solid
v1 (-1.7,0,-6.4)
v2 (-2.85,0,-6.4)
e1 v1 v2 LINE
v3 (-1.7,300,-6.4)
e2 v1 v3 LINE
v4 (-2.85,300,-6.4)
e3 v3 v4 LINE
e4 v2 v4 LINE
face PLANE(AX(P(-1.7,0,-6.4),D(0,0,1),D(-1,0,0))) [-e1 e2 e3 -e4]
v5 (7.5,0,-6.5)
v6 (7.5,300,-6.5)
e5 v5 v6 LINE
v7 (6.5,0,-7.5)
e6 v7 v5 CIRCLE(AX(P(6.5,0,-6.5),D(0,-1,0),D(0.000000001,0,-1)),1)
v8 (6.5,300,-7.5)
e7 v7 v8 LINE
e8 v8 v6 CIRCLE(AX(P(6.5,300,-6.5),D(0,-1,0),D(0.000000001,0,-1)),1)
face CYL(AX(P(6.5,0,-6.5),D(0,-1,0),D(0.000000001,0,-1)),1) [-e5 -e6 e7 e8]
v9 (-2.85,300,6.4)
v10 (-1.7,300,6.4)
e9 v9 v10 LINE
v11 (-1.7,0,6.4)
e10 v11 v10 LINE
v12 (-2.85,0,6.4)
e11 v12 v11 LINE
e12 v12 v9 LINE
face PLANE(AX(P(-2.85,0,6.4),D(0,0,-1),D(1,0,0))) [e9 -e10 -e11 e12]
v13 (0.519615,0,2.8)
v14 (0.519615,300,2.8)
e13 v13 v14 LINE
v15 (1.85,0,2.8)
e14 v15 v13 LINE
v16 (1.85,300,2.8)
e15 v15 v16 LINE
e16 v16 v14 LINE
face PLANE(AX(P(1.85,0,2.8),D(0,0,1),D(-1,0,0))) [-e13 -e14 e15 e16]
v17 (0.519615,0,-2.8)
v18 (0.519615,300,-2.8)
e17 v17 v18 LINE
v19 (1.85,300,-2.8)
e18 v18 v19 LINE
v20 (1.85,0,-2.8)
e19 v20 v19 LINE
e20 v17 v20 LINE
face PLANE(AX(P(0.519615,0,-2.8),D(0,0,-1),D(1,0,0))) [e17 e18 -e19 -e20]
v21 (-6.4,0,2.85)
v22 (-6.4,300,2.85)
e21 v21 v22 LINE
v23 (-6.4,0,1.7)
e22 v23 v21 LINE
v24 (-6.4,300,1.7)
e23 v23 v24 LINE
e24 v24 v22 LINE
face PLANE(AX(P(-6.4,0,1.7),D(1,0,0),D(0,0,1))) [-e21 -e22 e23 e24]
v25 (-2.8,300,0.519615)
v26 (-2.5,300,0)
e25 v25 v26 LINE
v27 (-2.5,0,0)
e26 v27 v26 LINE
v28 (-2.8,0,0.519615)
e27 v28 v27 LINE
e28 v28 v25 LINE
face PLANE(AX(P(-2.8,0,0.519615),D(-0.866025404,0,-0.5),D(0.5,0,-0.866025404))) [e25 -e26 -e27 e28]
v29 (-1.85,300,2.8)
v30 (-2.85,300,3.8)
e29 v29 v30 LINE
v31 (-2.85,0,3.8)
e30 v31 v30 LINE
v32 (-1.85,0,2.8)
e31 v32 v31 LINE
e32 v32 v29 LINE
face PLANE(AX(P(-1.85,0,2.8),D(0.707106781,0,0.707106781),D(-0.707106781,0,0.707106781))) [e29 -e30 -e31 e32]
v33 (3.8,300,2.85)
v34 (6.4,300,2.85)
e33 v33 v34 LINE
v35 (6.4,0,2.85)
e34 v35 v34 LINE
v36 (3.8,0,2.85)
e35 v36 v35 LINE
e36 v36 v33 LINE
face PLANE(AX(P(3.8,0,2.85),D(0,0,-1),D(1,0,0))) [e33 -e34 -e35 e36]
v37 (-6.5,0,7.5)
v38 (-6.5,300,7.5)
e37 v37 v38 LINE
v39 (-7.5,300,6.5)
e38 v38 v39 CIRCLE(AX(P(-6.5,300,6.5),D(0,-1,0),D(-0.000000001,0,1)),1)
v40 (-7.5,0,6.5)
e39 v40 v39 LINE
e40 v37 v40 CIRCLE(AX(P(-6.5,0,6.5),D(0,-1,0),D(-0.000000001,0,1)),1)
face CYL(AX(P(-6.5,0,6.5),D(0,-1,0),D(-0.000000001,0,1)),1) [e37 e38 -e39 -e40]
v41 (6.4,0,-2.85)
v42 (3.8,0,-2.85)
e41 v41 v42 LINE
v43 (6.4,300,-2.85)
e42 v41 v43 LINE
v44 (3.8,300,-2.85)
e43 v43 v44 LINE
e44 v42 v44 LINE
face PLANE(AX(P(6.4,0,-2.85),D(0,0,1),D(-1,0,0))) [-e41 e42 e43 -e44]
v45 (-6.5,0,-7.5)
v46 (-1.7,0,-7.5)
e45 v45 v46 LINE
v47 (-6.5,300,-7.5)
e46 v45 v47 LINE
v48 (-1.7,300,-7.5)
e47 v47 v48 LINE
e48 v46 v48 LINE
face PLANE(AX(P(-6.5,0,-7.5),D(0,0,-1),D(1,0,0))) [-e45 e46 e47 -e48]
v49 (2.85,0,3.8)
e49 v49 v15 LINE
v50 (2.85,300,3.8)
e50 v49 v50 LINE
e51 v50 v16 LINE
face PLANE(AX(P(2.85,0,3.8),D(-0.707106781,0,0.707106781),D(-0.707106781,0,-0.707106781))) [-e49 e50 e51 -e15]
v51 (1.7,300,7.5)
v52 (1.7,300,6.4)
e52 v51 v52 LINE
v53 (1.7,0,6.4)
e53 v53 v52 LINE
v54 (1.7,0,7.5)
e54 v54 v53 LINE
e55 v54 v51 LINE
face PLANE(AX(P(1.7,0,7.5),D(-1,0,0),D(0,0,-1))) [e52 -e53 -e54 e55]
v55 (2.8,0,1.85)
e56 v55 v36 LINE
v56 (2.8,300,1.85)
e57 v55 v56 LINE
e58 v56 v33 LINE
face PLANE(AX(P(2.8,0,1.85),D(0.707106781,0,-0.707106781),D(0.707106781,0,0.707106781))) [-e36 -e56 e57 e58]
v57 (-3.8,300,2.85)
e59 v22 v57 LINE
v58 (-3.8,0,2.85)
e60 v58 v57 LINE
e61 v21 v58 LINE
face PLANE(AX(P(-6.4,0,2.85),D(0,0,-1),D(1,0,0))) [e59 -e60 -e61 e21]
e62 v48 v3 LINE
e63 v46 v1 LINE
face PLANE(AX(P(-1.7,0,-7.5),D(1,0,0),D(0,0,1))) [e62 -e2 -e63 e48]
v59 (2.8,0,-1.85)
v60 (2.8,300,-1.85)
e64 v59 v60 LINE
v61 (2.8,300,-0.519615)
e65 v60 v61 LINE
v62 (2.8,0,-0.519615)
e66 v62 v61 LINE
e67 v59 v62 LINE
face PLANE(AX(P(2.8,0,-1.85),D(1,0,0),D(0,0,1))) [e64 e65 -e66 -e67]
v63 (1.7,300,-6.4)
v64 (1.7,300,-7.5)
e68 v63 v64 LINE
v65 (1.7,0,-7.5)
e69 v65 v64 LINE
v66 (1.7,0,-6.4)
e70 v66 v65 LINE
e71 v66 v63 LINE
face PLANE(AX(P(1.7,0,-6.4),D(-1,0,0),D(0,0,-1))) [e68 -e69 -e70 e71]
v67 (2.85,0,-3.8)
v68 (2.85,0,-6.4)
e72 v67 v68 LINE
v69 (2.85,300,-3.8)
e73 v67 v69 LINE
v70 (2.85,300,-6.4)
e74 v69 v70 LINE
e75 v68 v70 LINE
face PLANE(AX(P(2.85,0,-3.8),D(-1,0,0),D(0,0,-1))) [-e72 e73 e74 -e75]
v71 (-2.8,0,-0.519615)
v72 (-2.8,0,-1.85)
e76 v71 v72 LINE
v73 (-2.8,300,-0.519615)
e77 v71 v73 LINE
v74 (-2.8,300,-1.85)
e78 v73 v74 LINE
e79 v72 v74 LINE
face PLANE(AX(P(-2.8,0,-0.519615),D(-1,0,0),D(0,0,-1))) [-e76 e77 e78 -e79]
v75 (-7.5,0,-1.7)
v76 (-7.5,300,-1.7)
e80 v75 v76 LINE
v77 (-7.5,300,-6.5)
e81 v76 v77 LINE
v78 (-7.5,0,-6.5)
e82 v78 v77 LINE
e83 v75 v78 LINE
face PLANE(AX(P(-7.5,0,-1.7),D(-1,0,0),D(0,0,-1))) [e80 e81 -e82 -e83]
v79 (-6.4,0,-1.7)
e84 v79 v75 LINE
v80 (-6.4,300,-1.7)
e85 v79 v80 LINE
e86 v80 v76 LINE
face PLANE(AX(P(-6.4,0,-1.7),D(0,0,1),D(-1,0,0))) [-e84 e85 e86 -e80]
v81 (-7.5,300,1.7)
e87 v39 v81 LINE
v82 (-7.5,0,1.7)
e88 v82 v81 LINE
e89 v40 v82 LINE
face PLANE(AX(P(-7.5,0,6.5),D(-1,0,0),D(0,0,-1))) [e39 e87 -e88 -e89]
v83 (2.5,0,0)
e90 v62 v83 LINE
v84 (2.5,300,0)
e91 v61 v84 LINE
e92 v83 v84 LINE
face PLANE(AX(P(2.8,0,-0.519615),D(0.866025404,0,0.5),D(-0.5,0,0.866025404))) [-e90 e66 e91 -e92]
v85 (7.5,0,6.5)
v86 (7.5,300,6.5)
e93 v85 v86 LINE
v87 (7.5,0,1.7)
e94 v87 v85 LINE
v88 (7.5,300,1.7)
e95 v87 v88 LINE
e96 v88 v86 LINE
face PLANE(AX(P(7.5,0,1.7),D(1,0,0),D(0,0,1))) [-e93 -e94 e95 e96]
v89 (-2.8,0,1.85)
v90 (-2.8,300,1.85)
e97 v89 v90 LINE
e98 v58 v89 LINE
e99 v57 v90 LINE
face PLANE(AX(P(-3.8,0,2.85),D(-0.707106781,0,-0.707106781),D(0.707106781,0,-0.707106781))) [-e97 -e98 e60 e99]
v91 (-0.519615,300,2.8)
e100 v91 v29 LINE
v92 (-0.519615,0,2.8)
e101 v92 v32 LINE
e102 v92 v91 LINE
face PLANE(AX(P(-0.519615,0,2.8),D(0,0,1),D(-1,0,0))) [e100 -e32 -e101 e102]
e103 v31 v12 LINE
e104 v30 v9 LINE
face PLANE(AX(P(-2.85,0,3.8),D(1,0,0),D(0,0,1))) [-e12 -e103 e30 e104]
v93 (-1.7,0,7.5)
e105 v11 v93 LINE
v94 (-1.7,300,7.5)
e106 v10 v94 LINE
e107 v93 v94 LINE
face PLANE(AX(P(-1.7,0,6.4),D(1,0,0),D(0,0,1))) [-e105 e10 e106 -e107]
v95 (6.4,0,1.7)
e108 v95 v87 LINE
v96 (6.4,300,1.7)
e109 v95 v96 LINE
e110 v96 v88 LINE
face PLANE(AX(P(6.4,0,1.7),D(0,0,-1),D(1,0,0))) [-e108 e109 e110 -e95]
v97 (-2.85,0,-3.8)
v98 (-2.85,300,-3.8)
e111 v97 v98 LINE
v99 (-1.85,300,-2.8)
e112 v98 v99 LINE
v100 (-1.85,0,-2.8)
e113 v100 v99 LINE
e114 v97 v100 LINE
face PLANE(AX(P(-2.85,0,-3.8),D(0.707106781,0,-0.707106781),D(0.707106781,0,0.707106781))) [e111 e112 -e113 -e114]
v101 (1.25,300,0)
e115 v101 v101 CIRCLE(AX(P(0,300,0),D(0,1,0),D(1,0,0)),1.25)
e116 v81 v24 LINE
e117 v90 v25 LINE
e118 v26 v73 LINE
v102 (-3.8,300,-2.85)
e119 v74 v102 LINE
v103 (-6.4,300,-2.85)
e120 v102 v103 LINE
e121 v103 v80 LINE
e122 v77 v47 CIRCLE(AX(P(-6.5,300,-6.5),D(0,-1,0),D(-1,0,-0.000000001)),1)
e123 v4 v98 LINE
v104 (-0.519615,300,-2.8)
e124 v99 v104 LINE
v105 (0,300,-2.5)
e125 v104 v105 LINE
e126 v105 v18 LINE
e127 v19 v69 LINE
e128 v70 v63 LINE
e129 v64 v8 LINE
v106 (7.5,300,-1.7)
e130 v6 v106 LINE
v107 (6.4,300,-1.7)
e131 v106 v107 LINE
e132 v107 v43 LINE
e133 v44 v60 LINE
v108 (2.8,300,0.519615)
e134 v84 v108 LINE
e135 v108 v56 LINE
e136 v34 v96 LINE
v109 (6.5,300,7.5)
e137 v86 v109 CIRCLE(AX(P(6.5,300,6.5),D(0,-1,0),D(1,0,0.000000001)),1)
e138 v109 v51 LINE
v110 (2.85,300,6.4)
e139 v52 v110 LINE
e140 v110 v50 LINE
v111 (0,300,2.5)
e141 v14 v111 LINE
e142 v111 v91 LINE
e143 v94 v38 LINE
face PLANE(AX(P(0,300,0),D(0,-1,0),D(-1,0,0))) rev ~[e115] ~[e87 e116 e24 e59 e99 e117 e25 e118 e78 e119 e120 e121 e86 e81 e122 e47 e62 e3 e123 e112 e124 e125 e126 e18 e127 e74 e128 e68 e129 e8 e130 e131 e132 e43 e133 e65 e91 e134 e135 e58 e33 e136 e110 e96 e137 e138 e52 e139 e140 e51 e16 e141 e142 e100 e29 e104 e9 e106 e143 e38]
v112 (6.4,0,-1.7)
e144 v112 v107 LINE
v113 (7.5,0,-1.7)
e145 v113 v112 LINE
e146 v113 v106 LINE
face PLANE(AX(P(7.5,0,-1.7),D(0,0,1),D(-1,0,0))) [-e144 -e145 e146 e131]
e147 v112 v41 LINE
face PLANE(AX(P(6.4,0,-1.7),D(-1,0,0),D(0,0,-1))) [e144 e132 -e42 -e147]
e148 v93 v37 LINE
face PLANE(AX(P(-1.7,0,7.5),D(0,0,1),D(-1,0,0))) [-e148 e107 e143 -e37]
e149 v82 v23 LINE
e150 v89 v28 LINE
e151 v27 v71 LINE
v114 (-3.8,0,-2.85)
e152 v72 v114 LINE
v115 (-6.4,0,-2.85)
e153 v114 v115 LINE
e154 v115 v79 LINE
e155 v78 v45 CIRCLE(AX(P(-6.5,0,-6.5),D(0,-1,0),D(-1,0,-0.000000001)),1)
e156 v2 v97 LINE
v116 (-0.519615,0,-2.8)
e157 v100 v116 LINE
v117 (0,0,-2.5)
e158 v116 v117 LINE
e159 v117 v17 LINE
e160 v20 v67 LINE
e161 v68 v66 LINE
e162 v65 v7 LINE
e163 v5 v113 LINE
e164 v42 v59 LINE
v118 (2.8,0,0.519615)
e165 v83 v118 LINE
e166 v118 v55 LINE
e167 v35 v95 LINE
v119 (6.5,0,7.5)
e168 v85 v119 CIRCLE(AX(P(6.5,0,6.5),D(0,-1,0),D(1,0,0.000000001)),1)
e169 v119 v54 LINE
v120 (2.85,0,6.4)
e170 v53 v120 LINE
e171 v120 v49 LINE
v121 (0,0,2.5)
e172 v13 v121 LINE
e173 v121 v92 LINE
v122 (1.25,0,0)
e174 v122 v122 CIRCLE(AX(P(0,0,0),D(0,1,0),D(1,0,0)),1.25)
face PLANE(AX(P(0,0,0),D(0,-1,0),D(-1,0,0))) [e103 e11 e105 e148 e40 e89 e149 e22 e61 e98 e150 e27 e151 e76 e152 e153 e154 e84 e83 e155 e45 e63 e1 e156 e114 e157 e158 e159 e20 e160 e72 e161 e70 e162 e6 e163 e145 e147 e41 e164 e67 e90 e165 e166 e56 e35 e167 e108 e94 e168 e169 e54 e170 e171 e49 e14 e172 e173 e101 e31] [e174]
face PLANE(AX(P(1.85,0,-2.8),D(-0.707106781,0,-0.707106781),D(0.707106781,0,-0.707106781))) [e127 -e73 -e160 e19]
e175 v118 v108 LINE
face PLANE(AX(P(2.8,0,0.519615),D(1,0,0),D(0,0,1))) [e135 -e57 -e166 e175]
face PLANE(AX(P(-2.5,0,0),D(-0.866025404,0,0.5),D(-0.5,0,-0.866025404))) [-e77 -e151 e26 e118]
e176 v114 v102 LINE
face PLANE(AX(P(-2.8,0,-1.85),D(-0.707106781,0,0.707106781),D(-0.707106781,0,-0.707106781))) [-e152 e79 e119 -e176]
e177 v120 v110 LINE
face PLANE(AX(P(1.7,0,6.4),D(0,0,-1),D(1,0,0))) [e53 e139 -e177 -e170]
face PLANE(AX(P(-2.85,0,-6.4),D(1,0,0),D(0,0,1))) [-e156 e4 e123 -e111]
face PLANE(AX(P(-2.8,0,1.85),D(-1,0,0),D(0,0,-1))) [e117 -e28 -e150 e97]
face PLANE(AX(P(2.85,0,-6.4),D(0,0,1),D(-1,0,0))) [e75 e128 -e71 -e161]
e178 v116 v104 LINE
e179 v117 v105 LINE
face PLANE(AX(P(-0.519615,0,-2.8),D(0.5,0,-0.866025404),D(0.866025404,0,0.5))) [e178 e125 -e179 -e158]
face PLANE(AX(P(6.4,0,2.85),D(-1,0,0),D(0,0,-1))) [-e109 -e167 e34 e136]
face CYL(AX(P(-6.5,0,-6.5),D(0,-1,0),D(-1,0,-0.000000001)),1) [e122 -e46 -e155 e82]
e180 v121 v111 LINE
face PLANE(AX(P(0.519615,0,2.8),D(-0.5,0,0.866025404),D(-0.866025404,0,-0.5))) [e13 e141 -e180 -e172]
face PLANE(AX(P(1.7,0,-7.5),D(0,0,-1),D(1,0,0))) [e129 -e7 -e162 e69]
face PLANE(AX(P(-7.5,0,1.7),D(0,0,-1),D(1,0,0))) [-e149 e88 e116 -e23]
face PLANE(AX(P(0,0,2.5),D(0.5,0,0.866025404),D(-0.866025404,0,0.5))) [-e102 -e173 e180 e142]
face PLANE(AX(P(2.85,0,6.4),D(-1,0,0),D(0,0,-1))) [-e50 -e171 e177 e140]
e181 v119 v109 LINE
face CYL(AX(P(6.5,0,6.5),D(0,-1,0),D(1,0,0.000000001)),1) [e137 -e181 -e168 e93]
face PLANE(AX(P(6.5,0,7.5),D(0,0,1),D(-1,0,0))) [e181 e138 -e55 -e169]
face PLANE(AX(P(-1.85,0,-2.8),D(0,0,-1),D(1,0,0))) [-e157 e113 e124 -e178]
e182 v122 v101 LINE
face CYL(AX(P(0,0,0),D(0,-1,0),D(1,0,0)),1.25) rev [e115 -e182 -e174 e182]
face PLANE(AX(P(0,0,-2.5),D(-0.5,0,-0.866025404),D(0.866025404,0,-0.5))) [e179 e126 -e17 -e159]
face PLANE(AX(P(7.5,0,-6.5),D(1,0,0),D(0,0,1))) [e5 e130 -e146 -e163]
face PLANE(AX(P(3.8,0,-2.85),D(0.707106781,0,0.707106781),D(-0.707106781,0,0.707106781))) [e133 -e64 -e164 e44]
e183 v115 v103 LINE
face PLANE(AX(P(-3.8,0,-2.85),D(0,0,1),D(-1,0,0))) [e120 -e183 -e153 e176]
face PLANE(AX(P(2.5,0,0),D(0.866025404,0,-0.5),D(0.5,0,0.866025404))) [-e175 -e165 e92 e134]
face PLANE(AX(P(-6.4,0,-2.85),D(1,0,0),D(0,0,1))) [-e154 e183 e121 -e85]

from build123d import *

# Parameters (mm, degrees)
SKETCH1_R           = 1.25
BOSS_EXTRUDE1_DEPTH = 300


with BuildPart() as part:
    # Sketch1 → Boss-Extrude1 (new body)
    with BuildSketch(Plane(origin=(0, 0, 0), x_dir=(1, 0, 0), z_dir=(0, 1, 0))):
        with BuildLine():
            Line((6.5, -7.5), (1.7, -7.5))
            Line((1.7, -7.5), (1.7, -6.4))
            Line((1.7, -6.4), (2.85, -6.4))
            Line((2.85, -6.4), (2.85, -3.8))
            Line((2.85, -3.8), (1.85, -2.8))
            Line((1.85, -2.8), (0.519615242, -2.8))
            Line((0.519615242, -2.8), (0, -2.5))
            Line((0, -2.5), (-0.519615242, -2.8))
            Line((-0.519615242, -2.8), (-1.85, -2.8))
            Line((-1.85, -2.8), (-2.85, -3.8))
            Line((-2.85, -3.8), (-2.85, -6.4))
            Line((-2.85, -6.4), (-1.7, -6.4))
            Line((-1.7, -6.4), (-1.7, -7.5))
            Line((-1.7, -7.5), (-6.5, -7.5))
            ThreePointArc((-6.5, -7.5), (-7.207106781, -7.207106781), (-7.5, -6.5))
            Line((-7.5, -6.5), (-7.5, -1.7))
            Line((-7.5, -1.7), (-6.4, -1.7))
            Line((-6.4, -1.7), (-6.4, -2.85))
            Line((-6.4, -2.85), (-3.8, -2.85))
            Line((-3.8, -2.85), (-2.8, -1.85))
            Line((-2.8, -1.85), (-2.8, -0.519615242))
            Line((-2.8, -0.519615242), (-2.5, 0))
            Line((-2.5, 0), (-2.8, 0.519615242))
            Line((-2.8, 0.519615242), (-2.8, 1.85))
            Line((-2.8, 1.85), (-3.8, 2.85))
            Line((-3.8, 2.85), (-6.4, 2.85))
            Line((-6.4, 2.85), (-6.4, 1.7))
            Line((-6.4, 1.7), (-7.5, 1.7))
            Line((-7.5, 1.7), (-7.5, 6.5))
            ThreePointArc((-7.5, 6.5), (-7.207106781, 7.207106781), (-6.5, 7.5))
            Line((-6.5, 7.5), (-1.7, 7.5))
            Line((-1.7, 7.5), (-1.7, 6.4))
            Line((-1.7, 6.4), (-2.85, 6.4))
            Line((-2.85, 6.4), (-2.85, 3.8))
            Line((-2.85, 3.8), (-1.85, 2.8))
            Line((-1.85, 2.8), (-0.519615242, 2.8))
            Line((-0.519615242, 2.8), (0, 2.5))
            Line((0, 2.5), (0.519615242, 2.8))
            Line((0.519615242, 2.8), (1.85, 2.8))
            Line((1.85, 2.8), (2.85, 3.8))
            Line((2.85, 3.8), (2.85, 6.4))
            Line((2.85, 6.4), (1.7, 6.4))
            Line((1.7, 6.4), (1.7, 7.5))
            Line((1.7, 7.5), (6.5, 7.5))
            ThreePointArc((6.5, 7.5), (7.207106781, 7.207106781), (7.5, 6.5))
            Line((7.5, 6.5), (7.5, 1.7))
            Line((7.5, 1.7), (6.4, 1.7))
            Line((6.4, 1.7), (6.4, 2.85))
            Line((6.4, 2.85), (3.8, 2.85))
            Line((3.8, 2.85), (2.8, 1.85))
            Line((2.8, 1.85), (2.8, 0.519615242))
            Line((2.8, 0.519615242), (2.5, 0))
            Line((2.5, 0), (2.8, -0.519615242))
            Line((2.8, -0.519615242), (2.8, -1.85))
            Line((2.8, -1.85), (3.8, -2.85))
            Line((3.8, -2.85), (6.4, -2.85))
            Line((6.4, -2.85), (6.4, -1.7))
            Line((6.4, -1.7), (7.5, -1.7))
            Line((7.5, -1.7), (7.5, -6.5))
            ThreePointArc((7.5, -6.5), (7.207106781, -7.207106781), (6.5, -7.5))
        make_face()
        Circle(SKETCH1_R, mode=Mode.SUBTRACT)
    extrude(amount=BOSS_EXTRUDE1_DEPTH)


solid = part.part
